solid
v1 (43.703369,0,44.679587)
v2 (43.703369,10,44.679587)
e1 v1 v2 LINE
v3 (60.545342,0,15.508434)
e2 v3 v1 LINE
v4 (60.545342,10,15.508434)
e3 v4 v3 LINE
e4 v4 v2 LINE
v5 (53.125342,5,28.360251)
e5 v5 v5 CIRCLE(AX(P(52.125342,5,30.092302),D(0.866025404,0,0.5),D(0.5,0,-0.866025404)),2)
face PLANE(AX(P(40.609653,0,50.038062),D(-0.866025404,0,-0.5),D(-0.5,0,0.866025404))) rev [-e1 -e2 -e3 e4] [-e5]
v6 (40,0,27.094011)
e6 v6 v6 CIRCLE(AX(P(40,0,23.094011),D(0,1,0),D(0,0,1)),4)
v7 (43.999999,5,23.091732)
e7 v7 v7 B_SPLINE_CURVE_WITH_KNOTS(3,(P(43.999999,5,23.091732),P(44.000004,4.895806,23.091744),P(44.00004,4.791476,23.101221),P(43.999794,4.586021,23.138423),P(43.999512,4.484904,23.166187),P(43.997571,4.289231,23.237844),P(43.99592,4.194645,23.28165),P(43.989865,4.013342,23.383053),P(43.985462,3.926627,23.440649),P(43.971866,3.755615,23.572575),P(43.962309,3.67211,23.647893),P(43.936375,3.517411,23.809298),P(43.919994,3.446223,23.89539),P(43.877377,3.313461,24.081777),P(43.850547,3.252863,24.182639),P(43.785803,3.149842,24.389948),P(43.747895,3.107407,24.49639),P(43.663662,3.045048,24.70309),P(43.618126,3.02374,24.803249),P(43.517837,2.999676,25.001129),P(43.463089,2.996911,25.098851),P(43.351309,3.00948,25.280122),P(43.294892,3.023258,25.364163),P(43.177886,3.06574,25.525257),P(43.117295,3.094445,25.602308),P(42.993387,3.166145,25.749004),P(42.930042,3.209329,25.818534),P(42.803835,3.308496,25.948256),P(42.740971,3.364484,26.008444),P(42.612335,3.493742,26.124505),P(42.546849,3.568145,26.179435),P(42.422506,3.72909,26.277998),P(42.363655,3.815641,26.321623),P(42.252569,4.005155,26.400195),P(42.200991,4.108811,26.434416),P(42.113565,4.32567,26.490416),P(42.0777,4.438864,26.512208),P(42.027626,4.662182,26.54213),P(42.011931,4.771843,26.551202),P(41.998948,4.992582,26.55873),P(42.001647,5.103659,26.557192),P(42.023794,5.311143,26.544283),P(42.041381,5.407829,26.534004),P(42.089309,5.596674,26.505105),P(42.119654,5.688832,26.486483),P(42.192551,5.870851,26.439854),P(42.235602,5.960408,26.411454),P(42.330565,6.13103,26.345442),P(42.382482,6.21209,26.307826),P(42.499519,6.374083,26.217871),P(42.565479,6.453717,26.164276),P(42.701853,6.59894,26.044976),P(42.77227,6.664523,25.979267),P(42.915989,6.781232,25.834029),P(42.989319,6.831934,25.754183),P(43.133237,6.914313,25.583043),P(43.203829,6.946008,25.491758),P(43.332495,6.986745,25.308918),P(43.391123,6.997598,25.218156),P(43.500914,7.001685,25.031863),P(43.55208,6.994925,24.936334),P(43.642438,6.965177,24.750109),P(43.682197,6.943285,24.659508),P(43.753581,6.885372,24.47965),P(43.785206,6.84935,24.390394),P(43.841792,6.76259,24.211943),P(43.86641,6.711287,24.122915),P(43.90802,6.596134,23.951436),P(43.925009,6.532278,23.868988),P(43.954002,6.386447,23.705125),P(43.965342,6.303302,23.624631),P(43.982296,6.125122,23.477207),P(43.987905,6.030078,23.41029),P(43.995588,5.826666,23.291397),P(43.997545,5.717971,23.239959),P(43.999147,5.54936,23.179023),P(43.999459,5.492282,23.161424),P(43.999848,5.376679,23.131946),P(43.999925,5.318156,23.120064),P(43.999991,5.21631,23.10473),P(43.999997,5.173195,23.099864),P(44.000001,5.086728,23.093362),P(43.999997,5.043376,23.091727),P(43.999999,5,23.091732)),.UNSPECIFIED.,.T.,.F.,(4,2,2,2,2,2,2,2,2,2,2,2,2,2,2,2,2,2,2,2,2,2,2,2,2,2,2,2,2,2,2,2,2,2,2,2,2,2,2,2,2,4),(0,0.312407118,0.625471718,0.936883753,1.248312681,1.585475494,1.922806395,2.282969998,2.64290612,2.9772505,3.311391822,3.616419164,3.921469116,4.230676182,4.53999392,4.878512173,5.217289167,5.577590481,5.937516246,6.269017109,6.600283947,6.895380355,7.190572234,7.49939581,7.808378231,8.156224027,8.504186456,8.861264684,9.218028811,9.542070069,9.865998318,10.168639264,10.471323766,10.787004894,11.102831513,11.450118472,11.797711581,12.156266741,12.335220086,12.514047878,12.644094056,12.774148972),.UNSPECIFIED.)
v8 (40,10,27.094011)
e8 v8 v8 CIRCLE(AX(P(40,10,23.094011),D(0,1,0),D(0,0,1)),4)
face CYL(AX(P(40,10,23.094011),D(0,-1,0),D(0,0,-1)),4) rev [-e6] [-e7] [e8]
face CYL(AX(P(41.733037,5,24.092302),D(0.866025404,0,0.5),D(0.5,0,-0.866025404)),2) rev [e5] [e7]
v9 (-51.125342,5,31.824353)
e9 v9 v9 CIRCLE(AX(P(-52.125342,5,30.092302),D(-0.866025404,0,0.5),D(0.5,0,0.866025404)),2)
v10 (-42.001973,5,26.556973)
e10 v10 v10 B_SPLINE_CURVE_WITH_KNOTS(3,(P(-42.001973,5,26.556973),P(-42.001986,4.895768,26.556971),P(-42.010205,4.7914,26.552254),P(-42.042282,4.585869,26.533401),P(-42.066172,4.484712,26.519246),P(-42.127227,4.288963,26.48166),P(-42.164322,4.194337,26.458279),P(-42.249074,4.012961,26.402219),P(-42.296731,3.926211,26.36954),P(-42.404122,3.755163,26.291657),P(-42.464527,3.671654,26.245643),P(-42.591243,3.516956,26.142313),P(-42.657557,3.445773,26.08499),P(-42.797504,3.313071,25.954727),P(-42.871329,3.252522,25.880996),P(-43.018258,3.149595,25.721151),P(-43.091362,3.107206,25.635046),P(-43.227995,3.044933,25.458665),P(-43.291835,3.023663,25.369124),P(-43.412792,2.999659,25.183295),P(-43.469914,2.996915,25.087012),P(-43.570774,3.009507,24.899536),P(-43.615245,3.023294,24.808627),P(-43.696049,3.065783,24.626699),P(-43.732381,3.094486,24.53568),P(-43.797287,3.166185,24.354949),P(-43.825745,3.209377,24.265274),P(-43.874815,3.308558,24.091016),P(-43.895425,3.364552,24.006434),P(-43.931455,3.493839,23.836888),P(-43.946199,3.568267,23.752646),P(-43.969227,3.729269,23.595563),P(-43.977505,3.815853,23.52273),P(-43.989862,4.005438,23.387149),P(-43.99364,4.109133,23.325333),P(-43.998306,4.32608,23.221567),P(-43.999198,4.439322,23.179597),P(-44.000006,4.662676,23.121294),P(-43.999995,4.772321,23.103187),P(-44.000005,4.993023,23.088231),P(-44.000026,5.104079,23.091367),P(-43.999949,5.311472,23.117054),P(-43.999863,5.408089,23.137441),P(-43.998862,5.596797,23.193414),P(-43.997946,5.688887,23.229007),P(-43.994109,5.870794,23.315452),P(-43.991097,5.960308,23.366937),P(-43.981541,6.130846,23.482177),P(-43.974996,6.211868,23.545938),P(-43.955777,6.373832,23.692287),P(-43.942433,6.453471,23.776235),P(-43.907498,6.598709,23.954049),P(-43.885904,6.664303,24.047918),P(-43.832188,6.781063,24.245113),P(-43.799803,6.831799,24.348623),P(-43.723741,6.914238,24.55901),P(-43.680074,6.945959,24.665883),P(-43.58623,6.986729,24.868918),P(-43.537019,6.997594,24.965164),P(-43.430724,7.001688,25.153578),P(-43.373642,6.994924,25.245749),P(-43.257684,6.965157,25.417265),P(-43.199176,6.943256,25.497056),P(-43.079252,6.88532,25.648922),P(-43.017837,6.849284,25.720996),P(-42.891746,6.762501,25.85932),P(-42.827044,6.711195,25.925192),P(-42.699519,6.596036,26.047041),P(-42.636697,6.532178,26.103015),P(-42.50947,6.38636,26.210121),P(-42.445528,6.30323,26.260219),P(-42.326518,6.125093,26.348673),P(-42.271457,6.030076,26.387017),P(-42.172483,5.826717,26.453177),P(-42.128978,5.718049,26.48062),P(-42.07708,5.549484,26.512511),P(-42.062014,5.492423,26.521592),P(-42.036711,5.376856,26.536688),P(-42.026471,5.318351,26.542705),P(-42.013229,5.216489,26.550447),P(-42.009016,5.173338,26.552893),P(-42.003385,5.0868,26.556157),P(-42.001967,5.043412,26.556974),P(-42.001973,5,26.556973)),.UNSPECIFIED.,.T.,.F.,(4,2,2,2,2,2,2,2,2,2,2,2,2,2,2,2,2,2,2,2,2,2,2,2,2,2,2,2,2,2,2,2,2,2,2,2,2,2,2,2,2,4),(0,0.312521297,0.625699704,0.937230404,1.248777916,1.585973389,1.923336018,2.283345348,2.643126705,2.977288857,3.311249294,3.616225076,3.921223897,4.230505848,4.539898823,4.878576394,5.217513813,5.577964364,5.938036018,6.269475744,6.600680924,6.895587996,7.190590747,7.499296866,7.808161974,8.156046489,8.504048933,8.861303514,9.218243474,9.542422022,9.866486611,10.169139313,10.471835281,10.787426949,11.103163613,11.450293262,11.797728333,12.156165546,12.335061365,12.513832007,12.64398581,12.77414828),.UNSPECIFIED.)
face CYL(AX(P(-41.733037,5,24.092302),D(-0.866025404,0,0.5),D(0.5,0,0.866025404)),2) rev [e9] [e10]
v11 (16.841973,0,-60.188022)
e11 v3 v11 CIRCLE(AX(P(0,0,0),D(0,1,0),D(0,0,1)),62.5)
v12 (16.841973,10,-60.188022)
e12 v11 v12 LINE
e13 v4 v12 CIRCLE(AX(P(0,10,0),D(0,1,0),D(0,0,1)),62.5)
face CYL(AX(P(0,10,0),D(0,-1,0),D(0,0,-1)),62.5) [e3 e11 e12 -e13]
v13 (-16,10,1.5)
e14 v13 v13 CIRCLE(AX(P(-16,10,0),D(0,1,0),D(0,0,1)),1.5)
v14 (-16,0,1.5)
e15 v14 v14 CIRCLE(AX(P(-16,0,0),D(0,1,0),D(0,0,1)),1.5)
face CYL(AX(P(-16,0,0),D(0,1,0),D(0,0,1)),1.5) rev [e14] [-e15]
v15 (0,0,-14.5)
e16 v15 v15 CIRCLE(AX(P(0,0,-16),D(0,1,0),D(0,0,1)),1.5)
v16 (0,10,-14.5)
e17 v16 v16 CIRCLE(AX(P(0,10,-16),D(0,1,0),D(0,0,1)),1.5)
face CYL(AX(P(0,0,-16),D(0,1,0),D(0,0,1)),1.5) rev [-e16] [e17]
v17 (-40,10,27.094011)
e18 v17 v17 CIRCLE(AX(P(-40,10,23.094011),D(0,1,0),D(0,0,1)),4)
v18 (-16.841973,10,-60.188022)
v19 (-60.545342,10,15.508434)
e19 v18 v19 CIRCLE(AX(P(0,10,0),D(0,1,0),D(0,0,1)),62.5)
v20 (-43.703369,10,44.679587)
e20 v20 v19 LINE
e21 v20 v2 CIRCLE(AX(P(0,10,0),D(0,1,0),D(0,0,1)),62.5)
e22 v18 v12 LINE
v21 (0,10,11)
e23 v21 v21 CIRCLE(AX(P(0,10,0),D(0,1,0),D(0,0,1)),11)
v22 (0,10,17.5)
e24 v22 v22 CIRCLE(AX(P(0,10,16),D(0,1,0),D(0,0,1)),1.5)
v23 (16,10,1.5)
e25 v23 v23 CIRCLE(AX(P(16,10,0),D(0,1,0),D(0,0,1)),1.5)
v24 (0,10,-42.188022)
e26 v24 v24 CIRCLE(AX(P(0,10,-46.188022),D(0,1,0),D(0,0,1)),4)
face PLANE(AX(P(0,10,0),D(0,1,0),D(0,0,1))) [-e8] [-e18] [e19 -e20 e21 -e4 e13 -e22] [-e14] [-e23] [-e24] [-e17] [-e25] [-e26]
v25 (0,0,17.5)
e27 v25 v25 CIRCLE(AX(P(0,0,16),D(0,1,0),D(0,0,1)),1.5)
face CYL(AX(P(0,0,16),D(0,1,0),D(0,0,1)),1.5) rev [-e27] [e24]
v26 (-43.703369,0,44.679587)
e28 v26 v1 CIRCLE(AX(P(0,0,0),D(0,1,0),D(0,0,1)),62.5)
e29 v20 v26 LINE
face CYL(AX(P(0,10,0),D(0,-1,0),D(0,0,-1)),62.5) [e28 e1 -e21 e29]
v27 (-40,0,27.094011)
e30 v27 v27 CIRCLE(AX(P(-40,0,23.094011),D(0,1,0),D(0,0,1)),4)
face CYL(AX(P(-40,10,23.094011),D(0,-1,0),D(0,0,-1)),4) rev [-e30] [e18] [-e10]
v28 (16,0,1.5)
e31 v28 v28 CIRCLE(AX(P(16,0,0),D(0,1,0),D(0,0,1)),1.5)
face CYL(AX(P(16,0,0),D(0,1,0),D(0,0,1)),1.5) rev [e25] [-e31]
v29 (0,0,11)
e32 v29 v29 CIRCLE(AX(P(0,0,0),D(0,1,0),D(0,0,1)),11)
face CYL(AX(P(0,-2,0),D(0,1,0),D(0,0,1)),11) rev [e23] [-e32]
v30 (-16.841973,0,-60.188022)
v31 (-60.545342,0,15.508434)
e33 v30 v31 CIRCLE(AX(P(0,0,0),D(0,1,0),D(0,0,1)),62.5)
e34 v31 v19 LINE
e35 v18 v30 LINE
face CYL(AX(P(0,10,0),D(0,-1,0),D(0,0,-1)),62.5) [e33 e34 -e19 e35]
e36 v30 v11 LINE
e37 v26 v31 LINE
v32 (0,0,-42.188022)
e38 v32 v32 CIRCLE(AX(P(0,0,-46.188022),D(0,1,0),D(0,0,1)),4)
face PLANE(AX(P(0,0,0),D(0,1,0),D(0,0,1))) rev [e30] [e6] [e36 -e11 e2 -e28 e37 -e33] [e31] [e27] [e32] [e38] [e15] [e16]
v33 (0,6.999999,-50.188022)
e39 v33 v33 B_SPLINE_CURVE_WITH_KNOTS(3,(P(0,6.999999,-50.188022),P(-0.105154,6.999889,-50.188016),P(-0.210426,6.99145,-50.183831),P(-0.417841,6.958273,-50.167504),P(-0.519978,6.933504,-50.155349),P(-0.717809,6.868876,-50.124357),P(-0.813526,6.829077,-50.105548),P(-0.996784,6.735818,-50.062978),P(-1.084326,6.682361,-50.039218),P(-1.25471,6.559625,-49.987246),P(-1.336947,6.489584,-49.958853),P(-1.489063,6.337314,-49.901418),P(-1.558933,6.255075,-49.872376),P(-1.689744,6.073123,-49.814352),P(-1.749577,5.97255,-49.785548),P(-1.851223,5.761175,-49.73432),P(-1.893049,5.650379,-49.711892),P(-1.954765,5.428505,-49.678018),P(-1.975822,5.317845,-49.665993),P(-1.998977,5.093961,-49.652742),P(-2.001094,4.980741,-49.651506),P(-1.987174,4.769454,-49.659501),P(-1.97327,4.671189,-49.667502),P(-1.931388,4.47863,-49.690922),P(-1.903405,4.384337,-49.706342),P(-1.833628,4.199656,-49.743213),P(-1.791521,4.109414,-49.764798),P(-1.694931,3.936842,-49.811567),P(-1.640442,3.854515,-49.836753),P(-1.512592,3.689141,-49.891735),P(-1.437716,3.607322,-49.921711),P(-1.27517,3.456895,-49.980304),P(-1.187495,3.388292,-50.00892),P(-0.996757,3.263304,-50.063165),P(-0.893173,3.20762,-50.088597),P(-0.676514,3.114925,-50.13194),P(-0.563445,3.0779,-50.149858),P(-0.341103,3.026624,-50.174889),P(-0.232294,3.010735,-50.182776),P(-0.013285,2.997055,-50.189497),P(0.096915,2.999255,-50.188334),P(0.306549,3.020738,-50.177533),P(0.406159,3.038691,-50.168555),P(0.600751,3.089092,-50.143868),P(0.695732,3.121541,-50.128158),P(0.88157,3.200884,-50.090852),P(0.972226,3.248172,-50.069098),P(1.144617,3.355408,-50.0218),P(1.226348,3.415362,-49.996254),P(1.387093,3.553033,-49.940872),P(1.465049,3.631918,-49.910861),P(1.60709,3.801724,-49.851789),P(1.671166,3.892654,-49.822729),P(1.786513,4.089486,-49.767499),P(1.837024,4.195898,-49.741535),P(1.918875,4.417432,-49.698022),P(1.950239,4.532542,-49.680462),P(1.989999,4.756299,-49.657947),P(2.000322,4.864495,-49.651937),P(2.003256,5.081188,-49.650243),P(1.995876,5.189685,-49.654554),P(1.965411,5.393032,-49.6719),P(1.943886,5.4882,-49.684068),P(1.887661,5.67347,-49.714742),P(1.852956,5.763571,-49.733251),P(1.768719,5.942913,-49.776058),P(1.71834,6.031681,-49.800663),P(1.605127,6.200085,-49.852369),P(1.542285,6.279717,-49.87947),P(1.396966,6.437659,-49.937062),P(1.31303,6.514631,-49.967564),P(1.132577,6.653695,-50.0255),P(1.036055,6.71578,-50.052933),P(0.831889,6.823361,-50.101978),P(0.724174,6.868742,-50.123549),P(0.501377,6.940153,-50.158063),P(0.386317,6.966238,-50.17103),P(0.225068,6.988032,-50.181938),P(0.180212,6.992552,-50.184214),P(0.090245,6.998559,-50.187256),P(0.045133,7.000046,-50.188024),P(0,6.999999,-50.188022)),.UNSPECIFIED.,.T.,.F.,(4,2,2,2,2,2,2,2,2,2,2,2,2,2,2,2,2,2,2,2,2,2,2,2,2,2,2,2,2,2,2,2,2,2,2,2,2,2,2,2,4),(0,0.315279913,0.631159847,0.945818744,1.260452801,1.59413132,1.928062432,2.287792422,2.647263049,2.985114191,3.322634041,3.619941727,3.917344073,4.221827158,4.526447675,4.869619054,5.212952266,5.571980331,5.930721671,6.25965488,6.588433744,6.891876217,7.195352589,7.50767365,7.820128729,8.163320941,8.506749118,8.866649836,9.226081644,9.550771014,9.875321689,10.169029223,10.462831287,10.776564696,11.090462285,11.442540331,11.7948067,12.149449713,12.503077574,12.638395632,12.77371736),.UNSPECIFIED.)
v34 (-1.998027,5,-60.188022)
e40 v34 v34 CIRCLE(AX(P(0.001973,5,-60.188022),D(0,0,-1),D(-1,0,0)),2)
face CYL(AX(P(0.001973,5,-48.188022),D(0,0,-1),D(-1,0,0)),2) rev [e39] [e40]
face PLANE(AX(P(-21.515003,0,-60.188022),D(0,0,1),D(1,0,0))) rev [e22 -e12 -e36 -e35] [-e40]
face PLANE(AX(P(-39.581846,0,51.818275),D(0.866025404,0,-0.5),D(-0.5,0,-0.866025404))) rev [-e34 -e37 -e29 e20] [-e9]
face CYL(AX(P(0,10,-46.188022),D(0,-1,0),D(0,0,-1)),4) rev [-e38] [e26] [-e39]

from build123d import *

# Parameters (mm, degrees)
SKETCH1_R           = 62.5
SKETCH1_R_2         = 4
BOSS_EXTRUDE1_DEPTH = 10
SKETCH2_W           = 43.972180284
SKETCH2_H           = 8.711954994
CUT_EXTRUDE1_DEPTH  = 10
SKETCH3_R           = 2
CUT_EXTRUDE2_DEPTH  = 12
SKETCH4_R           = 2
CUT_EXTRUDE3_DEPTH  = 12
SKETCH5_R           = 2
CUT_EXTRUDE4_DEPTH  = 12
SKETCH6_R           = 11
CUT_EXTRUDE5_DEPTH  = 12
SKETCH7_R           = 1.5
CUT_EXTRUDE6_DEPTH  = 10


with BuildPart() as part:
    # Sketch1 → Boss-Extrude1 (new body)
    with BuildSketch(Plane(origin=(0, 0, 0), x_dir=(1, 0, 0), z_dir=(0, 1, 0))):
        with Locations(Location((0, 0, 0), (0, 0, 270))):
            Circle(SKETCH1_R)
        with Locations(Location((0, 46.188021535, 0), (0, 0, 270))):
            Circle(SKETCH1_R_2, mode=Mode.SUBTRACT)
        with Locations(Location((40, -23.094010768, 0), (0, 0, 270))):
            Circle(SKETCH1_R_2, mode=Mode.SUBTRACT)
        with Locations(Location((-40, -23.094010768, 0), (0, 0, 270))):
            Circle(SKETCH1_R_2, mode=Mode.SUBTRACT)
    extrude(amount=BOSS_EXTRUDE1_DEPTH)

    # Sketch2 → Cut-Extrude1 (cut)
    with BuildSketch(Plane(origin=(0, 10, 0), x_dir=(1, 0, 0), z_dir=(0, 1, 0))):
        Polygon((-39.581845605, -51.818275424), (-64.713070734, -8.289716646), (-77.687460418, -15.780484023), (-52.55623529, -59.309042801), align=None)
        Polygon((40.609652539, -50.038061596), (63.321086643, -10.700703814), (75.641288558, -17.813775707), (52.929854454, -57.151133488), align=None)
        with Locations((0.471086747, 64.543999032)):
            Rectangle(SKETCH2_W, SKETCH2_H)
    extrude(amount=-CUT_EXTRUDE1_DEPTH, mode=Mode.SUBTRACT)

    # Sketch3 → Cut-Extrude2 (cut)
    with BuildSketch(Plane(origin=(52.124355653, 0, 30.094010768), x_dir=(0.49999999999999983, 0, -0.8660254037844387), z_dir=(0.8660254037844387, 0, 0.49999999999999983))):
        with Locations((0.001973272, 5)):
            Circle(SKETCH3_R)
    extrude(amount=-CUT_EXTRUDE2_DEPTH, mode=Mode.SUBTRACT)

    # Sketch4 → Cut-Extrude3 (cut)
    with BuildSketch(Plane(origin=(-52.124355653, 0, 30.094010768), x_dir=(0.5000000000000002, 0, 0.8660254037844386), z_dir=(-0.8660254037844385, 0, 0.5000000000000001))):
        with Locations((-0.001973272, 5)):
            Circle(SKETCH4_R)
    extrude(amount=-CUT_EXTRUDE3_DEPTH, mode=Mode.SUBTRACT)

    # Sketch5 → Cut-Extrude4 (cut)
    with BuildSketch(Plane(origin=(0, 0, -60.188021535), x_dir=(-1, 0, 0), z_dir=(0, 0, -1))):
        with Locations((-0.001973272, 5)):
            Circle(SKETCH5_R)
    extrude(amount=-CUT_EXTRUDE4_DEPTH, mode=Mode.SUBTRACT)

    # Sketch6 → Cut-Extrude5 (cut)
    with BuildSketch(Plane(origin=(0, 10, 0), x_dir=(1, 0, 0), z_dir=(0, 1, 0))):
        with Locations(Location((0, 0, 0), (0, 0, 270))):
            Circle(SKETCH6_R)
    extrude(amount=-CUT_EXTRUDE5_DEPTH, mode=Mode.SUBTRACT)

    # Sketch7 → Cut-Extrude6 (cut)
    with BuildSketch(Plane(origin=(0, 10, 0), x_dir=(1, 0, 0), z_dir=(0, 1, 0))):
        with Locations(Location((-16, 0, 0), (0, 0, 270))):
            Circle(SKETCH7_R)
        with Locations(Location((0, 16, 0), (0, 0, 270))):
            Circle(SKETCH7_R)
        with Locations(Location((16, 0, 0), (0, 0, 270))):
            Circle(SKETCH7_R)
        with Locations(Location((0, -16, 0), (0, 0, 270))):
            Circle(SKETCH7_R)
    extrude(amount=-CUT_EXTRUDE6_DEPTH, mode=Mode.SUBTRACT)


solid = part.part
